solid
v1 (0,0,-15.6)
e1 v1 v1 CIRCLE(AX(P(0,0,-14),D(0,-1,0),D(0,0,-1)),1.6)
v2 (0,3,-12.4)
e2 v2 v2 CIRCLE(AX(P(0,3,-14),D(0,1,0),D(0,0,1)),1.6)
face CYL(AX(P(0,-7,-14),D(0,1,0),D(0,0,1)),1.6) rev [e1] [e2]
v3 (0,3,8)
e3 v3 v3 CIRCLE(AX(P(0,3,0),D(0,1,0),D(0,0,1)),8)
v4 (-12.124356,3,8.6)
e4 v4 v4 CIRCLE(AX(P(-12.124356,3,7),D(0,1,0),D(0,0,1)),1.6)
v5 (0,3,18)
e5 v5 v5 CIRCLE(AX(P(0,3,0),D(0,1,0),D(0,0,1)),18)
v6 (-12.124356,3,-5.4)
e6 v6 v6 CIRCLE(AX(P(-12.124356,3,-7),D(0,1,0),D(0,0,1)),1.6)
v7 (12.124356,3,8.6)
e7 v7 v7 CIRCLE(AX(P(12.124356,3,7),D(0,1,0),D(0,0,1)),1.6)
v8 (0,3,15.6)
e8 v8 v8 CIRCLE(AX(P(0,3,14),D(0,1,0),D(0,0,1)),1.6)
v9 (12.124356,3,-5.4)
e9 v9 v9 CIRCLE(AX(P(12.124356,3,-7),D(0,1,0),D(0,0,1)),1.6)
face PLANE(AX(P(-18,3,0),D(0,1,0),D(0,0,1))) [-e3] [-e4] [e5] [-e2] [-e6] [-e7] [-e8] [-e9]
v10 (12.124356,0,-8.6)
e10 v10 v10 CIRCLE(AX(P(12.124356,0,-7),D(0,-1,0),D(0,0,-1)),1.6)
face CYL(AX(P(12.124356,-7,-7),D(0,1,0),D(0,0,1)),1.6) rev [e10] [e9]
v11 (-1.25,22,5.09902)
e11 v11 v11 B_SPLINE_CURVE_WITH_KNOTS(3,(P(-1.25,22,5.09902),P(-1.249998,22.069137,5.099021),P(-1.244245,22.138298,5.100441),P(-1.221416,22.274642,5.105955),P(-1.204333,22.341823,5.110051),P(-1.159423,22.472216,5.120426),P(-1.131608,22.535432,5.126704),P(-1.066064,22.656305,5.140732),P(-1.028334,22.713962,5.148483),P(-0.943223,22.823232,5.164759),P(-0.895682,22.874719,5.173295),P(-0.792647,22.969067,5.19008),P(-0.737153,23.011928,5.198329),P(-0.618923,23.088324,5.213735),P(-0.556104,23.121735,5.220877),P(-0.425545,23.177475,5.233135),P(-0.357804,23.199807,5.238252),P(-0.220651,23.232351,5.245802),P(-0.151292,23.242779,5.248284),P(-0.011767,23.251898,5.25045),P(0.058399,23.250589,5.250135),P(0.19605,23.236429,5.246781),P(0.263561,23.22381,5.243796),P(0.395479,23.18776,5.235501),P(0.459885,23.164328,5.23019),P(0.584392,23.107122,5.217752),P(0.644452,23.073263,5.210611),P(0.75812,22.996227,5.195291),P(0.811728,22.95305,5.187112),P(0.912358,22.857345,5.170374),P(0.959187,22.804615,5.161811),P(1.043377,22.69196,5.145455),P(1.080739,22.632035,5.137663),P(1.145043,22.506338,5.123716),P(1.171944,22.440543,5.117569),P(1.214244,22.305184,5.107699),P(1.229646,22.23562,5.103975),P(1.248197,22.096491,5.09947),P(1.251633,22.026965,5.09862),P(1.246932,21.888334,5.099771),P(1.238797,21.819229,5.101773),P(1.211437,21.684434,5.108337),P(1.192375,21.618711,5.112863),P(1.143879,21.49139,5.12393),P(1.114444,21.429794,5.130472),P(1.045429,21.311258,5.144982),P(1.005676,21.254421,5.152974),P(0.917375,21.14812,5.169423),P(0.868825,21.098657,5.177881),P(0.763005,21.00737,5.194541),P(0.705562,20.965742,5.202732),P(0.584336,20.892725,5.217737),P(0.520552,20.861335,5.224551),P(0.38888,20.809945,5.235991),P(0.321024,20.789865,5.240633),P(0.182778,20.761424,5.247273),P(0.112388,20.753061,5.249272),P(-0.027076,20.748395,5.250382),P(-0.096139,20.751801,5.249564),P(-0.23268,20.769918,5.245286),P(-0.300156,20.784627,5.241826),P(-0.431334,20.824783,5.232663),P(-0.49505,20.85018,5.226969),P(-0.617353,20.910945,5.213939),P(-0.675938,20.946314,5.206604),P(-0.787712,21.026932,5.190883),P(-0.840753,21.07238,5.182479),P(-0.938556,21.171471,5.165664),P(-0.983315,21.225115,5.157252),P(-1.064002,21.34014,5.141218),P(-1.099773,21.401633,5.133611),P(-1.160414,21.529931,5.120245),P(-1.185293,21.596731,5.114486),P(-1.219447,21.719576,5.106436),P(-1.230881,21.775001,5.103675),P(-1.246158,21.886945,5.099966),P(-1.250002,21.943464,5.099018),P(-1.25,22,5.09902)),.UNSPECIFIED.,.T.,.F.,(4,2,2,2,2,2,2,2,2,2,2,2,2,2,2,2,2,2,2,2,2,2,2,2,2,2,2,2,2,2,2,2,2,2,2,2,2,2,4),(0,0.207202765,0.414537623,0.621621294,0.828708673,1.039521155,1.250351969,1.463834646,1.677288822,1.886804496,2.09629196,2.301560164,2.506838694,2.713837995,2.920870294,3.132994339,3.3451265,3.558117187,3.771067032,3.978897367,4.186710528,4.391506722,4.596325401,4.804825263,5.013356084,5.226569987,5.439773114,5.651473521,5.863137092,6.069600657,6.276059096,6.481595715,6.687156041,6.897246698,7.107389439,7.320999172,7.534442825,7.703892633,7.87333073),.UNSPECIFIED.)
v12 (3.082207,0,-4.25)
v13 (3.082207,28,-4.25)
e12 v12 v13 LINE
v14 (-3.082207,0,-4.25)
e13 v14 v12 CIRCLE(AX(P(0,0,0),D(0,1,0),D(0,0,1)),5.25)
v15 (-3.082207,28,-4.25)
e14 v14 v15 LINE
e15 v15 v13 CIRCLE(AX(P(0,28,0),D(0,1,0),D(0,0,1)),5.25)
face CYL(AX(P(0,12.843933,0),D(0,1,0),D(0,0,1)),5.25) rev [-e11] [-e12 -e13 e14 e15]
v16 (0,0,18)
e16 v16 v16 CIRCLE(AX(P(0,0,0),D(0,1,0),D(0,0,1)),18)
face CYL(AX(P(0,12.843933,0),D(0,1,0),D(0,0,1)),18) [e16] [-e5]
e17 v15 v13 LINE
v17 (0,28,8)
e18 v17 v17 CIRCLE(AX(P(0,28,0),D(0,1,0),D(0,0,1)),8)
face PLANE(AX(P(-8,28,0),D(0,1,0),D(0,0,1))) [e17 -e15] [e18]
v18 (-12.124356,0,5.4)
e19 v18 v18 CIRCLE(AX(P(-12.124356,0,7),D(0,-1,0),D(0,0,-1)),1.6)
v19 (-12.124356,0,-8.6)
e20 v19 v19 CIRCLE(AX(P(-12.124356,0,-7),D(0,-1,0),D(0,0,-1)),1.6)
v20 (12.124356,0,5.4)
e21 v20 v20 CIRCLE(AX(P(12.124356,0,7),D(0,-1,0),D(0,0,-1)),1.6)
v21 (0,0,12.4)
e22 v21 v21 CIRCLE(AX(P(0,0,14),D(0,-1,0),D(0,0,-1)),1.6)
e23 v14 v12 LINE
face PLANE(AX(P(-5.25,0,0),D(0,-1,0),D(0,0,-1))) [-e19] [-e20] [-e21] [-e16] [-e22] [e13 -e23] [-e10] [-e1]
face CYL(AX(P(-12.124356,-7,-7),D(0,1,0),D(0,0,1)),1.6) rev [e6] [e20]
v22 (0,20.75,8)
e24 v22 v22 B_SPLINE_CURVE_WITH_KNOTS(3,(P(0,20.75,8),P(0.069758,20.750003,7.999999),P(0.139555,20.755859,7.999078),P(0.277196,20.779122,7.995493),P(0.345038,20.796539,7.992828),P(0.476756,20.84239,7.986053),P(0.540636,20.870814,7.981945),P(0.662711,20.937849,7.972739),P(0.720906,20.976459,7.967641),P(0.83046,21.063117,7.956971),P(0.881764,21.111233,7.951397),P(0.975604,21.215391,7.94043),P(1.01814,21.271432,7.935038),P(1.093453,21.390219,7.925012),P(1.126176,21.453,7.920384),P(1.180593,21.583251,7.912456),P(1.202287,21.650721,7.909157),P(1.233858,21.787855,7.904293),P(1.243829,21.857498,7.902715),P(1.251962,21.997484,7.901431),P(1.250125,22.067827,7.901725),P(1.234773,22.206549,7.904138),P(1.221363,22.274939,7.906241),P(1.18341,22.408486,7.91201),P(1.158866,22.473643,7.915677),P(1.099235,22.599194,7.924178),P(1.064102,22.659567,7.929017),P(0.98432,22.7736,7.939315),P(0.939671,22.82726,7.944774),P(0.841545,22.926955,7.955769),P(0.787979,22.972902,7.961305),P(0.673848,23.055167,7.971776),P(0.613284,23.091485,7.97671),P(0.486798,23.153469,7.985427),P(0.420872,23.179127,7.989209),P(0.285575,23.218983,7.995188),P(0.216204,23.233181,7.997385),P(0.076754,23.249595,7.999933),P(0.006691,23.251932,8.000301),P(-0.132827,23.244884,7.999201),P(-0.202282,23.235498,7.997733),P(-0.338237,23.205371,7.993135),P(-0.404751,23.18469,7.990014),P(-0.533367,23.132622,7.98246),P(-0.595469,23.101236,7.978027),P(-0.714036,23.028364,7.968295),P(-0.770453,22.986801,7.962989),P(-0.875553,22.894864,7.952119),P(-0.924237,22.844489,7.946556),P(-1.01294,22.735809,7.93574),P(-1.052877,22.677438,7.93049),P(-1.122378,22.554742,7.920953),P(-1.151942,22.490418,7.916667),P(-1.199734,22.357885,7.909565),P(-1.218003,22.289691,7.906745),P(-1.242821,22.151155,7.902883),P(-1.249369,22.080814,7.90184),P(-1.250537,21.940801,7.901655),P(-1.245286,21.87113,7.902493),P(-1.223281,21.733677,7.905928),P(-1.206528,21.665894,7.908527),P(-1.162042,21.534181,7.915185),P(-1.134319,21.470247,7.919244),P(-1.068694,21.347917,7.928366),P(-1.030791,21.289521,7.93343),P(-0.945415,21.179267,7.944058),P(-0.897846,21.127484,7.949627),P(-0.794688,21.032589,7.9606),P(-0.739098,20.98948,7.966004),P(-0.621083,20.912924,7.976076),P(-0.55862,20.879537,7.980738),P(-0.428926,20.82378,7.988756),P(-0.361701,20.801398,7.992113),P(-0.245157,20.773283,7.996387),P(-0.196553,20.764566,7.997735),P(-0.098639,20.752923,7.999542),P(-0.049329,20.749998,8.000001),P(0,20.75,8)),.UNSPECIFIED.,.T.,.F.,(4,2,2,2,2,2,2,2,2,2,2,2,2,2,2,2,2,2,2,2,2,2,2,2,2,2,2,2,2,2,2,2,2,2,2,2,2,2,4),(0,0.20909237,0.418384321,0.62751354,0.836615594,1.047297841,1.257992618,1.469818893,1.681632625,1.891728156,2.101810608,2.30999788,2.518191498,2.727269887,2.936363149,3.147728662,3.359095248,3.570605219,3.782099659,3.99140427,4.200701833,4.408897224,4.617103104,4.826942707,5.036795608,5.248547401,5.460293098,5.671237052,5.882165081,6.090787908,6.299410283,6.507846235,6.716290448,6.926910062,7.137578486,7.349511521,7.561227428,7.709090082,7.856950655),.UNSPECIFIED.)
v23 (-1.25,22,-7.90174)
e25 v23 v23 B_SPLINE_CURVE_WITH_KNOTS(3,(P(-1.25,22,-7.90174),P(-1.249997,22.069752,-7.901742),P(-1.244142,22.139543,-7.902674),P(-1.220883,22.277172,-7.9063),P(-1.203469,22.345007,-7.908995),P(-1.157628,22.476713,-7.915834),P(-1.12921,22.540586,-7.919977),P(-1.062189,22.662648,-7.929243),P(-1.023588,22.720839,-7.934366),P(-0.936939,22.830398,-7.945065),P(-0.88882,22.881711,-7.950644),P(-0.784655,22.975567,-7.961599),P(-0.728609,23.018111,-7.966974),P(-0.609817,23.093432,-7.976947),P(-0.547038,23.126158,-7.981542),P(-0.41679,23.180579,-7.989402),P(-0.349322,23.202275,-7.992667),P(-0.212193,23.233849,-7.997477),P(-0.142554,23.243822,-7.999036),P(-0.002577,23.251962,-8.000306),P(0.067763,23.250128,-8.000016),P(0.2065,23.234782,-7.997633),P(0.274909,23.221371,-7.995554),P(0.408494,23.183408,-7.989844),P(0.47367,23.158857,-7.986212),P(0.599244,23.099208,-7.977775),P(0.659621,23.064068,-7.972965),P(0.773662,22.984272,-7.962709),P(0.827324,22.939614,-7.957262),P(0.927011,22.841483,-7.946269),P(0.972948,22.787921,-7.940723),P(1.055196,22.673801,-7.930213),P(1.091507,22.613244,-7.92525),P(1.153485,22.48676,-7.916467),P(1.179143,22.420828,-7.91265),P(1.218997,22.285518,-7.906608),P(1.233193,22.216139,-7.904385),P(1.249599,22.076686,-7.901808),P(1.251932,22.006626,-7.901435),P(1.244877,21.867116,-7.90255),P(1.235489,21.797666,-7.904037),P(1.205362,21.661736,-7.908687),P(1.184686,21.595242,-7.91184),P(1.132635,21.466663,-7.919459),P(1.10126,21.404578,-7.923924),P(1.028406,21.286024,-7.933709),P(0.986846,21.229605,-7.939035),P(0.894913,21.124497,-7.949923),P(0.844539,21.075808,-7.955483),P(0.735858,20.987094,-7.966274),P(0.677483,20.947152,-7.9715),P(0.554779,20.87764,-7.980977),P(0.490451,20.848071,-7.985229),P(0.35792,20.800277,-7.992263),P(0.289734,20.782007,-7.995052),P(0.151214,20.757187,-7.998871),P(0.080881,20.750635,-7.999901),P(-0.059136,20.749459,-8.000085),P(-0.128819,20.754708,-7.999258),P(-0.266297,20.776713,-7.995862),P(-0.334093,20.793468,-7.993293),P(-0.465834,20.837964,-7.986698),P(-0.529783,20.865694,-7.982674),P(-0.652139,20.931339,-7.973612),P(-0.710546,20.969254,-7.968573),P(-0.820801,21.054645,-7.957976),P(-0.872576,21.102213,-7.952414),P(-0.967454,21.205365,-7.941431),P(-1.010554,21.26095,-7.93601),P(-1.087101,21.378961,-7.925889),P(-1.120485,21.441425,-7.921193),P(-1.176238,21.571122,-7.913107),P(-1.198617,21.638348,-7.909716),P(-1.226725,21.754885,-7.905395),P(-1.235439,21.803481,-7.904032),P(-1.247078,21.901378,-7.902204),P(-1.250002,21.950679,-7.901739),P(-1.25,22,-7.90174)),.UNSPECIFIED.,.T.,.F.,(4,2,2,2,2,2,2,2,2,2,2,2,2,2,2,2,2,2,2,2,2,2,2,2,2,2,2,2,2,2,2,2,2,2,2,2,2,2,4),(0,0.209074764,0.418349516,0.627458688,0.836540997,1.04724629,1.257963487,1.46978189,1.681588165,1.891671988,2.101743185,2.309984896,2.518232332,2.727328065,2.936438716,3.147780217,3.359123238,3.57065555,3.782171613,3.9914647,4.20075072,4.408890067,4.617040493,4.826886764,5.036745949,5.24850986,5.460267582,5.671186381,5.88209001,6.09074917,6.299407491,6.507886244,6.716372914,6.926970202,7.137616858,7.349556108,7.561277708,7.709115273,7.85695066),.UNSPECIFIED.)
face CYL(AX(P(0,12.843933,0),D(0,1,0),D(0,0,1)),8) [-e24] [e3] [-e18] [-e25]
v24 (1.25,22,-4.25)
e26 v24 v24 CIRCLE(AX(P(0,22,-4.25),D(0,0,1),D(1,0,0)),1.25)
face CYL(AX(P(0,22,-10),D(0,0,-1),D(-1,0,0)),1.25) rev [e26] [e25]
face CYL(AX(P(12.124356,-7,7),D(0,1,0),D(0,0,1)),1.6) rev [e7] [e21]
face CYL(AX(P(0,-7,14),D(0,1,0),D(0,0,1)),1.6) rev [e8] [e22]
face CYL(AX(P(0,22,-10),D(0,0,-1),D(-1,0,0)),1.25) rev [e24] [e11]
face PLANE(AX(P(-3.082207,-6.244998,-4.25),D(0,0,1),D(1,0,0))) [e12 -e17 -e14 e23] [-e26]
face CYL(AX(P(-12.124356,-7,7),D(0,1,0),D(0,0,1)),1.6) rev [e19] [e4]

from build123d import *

# Parameters (mm, degrees)
SKETCH_2_R          = 1.6
CUT_EXTRUDE_1_DEPTH = 10
EXTRUDE_START       = -28
EXTRUDE_1_DEPTH     = 28
HOLE_WIZARD_M3_2_D  = 2.5


with BuildPart() as part:
    # 草图1 → 旋转1 (revolve)
    with BuildSketch(Plane.XY, mode=Mode.PRIVATE) as revolve_1_sk:
        Polygon((-5.25, 0), (-18, 0), (-18, 3), (-8, 3), (-8, 28), (-5.25, 28), align=None)
    revolve(revolve_1_sk.sketch.rotate(Axis((0, 12.843932511, 0), (0, -1, 0)), 270), axis=Axis((0, 12.843932511, 0), (0, -1, 0)))

    # 草图2 → 切除-拉伸1 (cut)
    with BuildSketch(Plane(origin=(0, 3, 0), x_dir=(1, 0, 0), z_dir=(0, 1, 0))):
        with Locations(Location((0, 14, 0), (0, 0, 270))):
            Circle(SKETCH_2_R)
        with Locations(Location((12.124355653, 7, 0), (0, 0, 270))):
            Circle(SKETCH_2_R)
        with Locations(Location((12.124355653, -7, 0), (0, 0, 270))):
            Circle(SKETCH_2_R)
        with Locations(Location((0, -14, 0), (0, 0, 270))):
            Circle(SKETCH_2_R)
        with Locations(Location((-12.124355653, -7, 0), (0, 0, 270))):
            Circle(SKETCH_2_R)
        with Locations(Location((-12.124355653, 7, 0), (0, 0, 270))):
            Circle(SKETCH_2_R)
    extrude(amount=-CUT_EXTRUDE_1_DEPTH, mode=Mode.SUBTRACT)

    # 草图3 → 凸台-拉伸1 (add)
    with BuildSketch(Plane(origin=(0, 28, 0), x_dir=(1, 0, 0), z_dir=(0, 1, 0)).offset(EXTRUDE_START)):
        with BuildLine():
            Line((-3.082207001, 4.25), (3.082207001, 4.25))
            ThreePointArc((3.082207001, 4.25), (0, 5.25), (-3.082207001, 4.25))
        make_face()
    extrude(amount=EXTRUDE_1_DEPTH)

    # M3 螺纹孔2 (through all)
    with Locations(Plane(origin=(0, 0, -10), x_dir=(1, 0, 0), z_dir=(0, 0, -1))):
        with Locations((0, -22)):
            Hole(HOLE_WIZARD_M3_2_D / 2)


solid = part.part
